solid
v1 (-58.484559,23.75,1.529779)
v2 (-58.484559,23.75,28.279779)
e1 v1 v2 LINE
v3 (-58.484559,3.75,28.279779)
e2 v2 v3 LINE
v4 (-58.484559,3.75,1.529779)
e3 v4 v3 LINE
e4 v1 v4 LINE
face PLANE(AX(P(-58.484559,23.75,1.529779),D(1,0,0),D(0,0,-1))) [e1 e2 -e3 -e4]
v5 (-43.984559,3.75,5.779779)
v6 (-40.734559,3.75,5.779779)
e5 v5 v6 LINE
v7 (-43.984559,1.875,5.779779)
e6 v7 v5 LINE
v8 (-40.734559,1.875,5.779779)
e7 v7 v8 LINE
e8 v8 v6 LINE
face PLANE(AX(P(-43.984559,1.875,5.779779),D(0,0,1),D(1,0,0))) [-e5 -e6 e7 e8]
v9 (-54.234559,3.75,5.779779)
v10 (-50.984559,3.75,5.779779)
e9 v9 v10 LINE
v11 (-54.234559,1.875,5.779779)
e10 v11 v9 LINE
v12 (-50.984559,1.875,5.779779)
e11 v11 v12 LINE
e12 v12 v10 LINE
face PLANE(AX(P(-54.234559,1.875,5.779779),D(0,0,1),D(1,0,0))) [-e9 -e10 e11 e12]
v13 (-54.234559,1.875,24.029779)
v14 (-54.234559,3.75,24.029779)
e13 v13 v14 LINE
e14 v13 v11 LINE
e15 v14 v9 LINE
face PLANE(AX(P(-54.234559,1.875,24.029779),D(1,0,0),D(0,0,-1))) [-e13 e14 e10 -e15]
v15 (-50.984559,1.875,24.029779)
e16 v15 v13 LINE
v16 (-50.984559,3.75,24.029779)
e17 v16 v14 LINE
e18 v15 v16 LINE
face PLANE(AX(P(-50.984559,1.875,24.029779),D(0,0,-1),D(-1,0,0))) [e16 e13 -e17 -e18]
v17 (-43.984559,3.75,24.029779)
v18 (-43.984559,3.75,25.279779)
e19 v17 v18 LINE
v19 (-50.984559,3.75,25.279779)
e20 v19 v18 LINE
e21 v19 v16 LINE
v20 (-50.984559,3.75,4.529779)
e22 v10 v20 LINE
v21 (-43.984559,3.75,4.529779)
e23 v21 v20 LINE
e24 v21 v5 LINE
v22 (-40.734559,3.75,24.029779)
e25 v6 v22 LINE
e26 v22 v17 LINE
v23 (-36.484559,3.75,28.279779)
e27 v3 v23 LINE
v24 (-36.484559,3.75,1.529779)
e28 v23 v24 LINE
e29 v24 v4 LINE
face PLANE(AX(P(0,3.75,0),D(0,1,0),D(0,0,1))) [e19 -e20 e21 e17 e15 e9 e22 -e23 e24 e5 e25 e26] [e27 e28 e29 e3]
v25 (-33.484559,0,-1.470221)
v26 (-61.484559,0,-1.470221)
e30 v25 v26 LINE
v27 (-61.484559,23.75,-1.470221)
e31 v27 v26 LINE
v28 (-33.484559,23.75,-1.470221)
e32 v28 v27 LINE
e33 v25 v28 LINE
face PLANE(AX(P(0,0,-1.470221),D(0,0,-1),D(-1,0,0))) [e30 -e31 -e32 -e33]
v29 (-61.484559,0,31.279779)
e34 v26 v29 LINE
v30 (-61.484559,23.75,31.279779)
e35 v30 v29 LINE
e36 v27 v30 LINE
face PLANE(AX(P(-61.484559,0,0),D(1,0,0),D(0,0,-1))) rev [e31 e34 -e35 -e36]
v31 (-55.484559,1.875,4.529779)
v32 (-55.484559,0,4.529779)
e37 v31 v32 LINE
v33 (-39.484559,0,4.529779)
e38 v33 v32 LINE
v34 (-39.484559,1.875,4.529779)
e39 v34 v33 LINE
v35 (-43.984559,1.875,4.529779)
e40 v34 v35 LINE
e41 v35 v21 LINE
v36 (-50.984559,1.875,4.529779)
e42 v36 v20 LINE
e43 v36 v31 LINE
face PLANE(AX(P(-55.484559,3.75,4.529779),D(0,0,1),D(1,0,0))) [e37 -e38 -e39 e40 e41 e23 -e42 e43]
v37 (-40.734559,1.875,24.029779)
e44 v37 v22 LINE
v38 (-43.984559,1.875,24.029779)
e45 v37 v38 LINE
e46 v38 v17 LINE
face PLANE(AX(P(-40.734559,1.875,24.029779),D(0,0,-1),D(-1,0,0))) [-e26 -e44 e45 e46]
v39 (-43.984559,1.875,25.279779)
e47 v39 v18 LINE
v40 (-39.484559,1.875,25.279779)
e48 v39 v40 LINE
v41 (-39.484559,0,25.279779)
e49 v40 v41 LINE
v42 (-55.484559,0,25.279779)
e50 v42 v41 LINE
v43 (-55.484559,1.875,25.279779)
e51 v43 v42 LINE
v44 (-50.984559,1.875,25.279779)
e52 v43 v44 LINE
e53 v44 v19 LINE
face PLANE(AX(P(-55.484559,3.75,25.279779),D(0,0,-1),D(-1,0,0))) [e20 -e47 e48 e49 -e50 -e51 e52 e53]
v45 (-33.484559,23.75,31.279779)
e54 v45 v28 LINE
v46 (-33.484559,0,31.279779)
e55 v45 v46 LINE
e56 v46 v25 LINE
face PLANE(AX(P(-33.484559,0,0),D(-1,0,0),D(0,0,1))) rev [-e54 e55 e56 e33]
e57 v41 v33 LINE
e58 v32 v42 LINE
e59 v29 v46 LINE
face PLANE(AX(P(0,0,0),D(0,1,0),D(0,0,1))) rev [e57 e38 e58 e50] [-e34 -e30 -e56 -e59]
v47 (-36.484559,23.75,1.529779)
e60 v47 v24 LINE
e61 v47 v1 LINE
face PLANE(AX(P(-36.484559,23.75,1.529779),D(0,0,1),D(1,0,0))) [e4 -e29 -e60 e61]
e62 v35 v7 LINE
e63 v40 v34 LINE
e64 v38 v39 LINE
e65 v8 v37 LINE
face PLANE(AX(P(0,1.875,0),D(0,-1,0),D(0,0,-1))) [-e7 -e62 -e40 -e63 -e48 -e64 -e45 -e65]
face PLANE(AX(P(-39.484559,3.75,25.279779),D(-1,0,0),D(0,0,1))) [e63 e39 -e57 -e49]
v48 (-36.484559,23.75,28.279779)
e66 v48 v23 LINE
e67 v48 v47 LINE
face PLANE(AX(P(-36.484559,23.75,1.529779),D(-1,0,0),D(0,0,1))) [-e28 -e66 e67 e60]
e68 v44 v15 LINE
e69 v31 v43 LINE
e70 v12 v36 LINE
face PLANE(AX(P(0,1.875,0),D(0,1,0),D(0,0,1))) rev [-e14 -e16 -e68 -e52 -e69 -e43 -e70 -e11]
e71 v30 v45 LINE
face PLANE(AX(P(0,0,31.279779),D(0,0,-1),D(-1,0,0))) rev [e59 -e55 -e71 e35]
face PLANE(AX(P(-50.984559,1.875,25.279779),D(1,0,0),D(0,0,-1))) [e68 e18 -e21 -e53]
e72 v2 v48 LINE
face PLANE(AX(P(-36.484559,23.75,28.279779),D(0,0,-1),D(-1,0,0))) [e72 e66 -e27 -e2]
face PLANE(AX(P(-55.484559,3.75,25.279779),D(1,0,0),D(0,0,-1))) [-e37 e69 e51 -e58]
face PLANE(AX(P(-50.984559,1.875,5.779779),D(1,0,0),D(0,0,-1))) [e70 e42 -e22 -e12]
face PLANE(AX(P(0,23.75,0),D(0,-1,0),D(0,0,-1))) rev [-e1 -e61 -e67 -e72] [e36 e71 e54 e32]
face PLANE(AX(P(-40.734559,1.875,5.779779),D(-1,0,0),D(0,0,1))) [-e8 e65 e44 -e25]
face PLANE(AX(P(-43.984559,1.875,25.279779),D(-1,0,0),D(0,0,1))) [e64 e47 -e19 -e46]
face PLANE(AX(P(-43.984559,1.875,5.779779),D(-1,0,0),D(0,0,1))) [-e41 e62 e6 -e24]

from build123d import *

# Parameters (mm, degrees)
SKETCH1_W           = 22
SKETCH1_H           = 26.75
SKETCH1_W_2         = 16
SKETCH1_H_2         = 20.75
BOSS_EXTRUDE2_DEPTH = 3.75
BOSS_EXTRUDE3_DEPTH = 1.875
SKETCH3_W           = 22
SKETCH3_H           = 3.75
BOSS_EXTRUDE4_DEPTH = 3
SKETCH4_W           = 29.75
SKETCH4_H           = 3.75
BOSS_EXTRUDE5_DEPTH = 3
SKETCH5_W           = 25
SKETCH5_H           = 3.75
BOSS_EXTRUDE6_DEPTH = 3
SKETCH6_W           = 32.75
SKETCH6_H           = 3.75
BOSS_EXTRUDE7_DEPTH = 3
SKETCH7_W           = 28
SKETCH7_H           = 32.75
SKETCH7_W_2         = 22
SKETCH7_H_2         = 26.75
BOSS_EXTRUDE8_DEPTH = 20


with BuildPart() as part:
    # Sketch1 → Boss-Extrude2 (new body)
    with BuildSketch(Plane(origin=(0, 0, 0), x_dir=(1, 0, 0), z_dir=(0, 1, 0))):
        with Locations((-47.484558715, -14.904779002)):
            Rectangle(SKETCH1_W, SKETCH1_H)
        with Locations((-47.484558715, -14.904779002)):
            Rectangle(SKETCH1_W_2, SKETCH1_H_2, mode=Mode.SUBTRACT)
    extrude(amount=BOSS_EXTRUDE2_DEPTH)

    # Sketch2 → Boss-Extrude3 (add)
    with BuildSketch(Plane(origin=(0, 3.75, 0), x_dir=(1, 0, 0), z_dir=(0, 1, 0))):
        Polygon((-50.984558715, -25.279779002), (-55.484558715, -25.279779002), (-55.484558715, -4.529779002), (-50.984558715, -4.529779002), (-50.984558715, -5.779779002), (-54.234558715, -5.779779002), (-54.234558715, -24.029779002), (-50.984558715, -24.029779002), align=None)
        Polygon((-43.984558715, -4.529779002), (-39.484558715, -4.529779002), (-39.484558715, -25.279779002), (-43.984558715, -25.279779002), (-43.984558715, -24.029779002), (-40.734558715, -24.029779002), (-40.734558715, -5.779779002), (-43.984558715, -5.779779002), align=None)
    extrude(amount=-BOSS_EXTRUDE3_DEPTH)

    # Sketch3 → Boss-Extrude4 (add)
    with BuildSketch(Plane(origin=(0, 0, 1.529779002), x_dir=(-1, 0, 0), z_dir=(0, 0, -1))):
        with Locations((47.484558715, 1.875)):
            Rectangle(SKETCH3_W, SKETCH3_H)
    extrude(amount=BOSS_EXTRUDE4_DEPTH)

    # Sketch4 → Boss-Extrude5 (add)
    with BuildSketch(Plane.ZY.offset(58.484558715)):
        with Locations((13.404779002, 1.875)):
            Rectangle(SKETCH4_W, SKETCH4_H)
    extrude(amount=BOSS_EXTRUDE5_DEPTH)

    # Sketch5 → Boss-Extrude6 (add)
    with BuildSketch(Plane.XY.offset(28.279779002)):
        with Locations((-48.984558715, 1.875)):
            Rectangle(SKETCH5_W, SKETCH5_H)
    extrude(amount=BOSS_EXTRUDE6_DEPTH)

    # Sketch6 → Boss-Extrude7 (add)
    with BuildSketch(Plane(origin=(-36.484558715, 0, 0), x_dir=(0, 0, -1), z_dir=(1, 0, 0))):
        with Locations((-14.904779002, 1.875)):
            Rectangle(SKETCH6_W, SKETCH6_H)
    extrude(amount=BOSS_EXTRUDE7_DEPTH)

    # Sketch7 → Boss-Extrude8 (add)
    with BuildSketch(Plane(origin=(0, 3.75, 0), x_dir=(1, 0, 0), z_dir=(0, 1, 0))):
        with Locations((-47.484558715, -14.904779002)):
            Rectangle(SKETCH7_W, SKETCH7_H)
        with Locations((-47.484558715, -14.904779002)):
            Rectangle(SKETCH7_W_2, SKETCH7_H_2, mode=Mode.SUBTRACT)
    extrude(amount=BOSS_EXTRUDE8_DEPTH)


solid = part.part
